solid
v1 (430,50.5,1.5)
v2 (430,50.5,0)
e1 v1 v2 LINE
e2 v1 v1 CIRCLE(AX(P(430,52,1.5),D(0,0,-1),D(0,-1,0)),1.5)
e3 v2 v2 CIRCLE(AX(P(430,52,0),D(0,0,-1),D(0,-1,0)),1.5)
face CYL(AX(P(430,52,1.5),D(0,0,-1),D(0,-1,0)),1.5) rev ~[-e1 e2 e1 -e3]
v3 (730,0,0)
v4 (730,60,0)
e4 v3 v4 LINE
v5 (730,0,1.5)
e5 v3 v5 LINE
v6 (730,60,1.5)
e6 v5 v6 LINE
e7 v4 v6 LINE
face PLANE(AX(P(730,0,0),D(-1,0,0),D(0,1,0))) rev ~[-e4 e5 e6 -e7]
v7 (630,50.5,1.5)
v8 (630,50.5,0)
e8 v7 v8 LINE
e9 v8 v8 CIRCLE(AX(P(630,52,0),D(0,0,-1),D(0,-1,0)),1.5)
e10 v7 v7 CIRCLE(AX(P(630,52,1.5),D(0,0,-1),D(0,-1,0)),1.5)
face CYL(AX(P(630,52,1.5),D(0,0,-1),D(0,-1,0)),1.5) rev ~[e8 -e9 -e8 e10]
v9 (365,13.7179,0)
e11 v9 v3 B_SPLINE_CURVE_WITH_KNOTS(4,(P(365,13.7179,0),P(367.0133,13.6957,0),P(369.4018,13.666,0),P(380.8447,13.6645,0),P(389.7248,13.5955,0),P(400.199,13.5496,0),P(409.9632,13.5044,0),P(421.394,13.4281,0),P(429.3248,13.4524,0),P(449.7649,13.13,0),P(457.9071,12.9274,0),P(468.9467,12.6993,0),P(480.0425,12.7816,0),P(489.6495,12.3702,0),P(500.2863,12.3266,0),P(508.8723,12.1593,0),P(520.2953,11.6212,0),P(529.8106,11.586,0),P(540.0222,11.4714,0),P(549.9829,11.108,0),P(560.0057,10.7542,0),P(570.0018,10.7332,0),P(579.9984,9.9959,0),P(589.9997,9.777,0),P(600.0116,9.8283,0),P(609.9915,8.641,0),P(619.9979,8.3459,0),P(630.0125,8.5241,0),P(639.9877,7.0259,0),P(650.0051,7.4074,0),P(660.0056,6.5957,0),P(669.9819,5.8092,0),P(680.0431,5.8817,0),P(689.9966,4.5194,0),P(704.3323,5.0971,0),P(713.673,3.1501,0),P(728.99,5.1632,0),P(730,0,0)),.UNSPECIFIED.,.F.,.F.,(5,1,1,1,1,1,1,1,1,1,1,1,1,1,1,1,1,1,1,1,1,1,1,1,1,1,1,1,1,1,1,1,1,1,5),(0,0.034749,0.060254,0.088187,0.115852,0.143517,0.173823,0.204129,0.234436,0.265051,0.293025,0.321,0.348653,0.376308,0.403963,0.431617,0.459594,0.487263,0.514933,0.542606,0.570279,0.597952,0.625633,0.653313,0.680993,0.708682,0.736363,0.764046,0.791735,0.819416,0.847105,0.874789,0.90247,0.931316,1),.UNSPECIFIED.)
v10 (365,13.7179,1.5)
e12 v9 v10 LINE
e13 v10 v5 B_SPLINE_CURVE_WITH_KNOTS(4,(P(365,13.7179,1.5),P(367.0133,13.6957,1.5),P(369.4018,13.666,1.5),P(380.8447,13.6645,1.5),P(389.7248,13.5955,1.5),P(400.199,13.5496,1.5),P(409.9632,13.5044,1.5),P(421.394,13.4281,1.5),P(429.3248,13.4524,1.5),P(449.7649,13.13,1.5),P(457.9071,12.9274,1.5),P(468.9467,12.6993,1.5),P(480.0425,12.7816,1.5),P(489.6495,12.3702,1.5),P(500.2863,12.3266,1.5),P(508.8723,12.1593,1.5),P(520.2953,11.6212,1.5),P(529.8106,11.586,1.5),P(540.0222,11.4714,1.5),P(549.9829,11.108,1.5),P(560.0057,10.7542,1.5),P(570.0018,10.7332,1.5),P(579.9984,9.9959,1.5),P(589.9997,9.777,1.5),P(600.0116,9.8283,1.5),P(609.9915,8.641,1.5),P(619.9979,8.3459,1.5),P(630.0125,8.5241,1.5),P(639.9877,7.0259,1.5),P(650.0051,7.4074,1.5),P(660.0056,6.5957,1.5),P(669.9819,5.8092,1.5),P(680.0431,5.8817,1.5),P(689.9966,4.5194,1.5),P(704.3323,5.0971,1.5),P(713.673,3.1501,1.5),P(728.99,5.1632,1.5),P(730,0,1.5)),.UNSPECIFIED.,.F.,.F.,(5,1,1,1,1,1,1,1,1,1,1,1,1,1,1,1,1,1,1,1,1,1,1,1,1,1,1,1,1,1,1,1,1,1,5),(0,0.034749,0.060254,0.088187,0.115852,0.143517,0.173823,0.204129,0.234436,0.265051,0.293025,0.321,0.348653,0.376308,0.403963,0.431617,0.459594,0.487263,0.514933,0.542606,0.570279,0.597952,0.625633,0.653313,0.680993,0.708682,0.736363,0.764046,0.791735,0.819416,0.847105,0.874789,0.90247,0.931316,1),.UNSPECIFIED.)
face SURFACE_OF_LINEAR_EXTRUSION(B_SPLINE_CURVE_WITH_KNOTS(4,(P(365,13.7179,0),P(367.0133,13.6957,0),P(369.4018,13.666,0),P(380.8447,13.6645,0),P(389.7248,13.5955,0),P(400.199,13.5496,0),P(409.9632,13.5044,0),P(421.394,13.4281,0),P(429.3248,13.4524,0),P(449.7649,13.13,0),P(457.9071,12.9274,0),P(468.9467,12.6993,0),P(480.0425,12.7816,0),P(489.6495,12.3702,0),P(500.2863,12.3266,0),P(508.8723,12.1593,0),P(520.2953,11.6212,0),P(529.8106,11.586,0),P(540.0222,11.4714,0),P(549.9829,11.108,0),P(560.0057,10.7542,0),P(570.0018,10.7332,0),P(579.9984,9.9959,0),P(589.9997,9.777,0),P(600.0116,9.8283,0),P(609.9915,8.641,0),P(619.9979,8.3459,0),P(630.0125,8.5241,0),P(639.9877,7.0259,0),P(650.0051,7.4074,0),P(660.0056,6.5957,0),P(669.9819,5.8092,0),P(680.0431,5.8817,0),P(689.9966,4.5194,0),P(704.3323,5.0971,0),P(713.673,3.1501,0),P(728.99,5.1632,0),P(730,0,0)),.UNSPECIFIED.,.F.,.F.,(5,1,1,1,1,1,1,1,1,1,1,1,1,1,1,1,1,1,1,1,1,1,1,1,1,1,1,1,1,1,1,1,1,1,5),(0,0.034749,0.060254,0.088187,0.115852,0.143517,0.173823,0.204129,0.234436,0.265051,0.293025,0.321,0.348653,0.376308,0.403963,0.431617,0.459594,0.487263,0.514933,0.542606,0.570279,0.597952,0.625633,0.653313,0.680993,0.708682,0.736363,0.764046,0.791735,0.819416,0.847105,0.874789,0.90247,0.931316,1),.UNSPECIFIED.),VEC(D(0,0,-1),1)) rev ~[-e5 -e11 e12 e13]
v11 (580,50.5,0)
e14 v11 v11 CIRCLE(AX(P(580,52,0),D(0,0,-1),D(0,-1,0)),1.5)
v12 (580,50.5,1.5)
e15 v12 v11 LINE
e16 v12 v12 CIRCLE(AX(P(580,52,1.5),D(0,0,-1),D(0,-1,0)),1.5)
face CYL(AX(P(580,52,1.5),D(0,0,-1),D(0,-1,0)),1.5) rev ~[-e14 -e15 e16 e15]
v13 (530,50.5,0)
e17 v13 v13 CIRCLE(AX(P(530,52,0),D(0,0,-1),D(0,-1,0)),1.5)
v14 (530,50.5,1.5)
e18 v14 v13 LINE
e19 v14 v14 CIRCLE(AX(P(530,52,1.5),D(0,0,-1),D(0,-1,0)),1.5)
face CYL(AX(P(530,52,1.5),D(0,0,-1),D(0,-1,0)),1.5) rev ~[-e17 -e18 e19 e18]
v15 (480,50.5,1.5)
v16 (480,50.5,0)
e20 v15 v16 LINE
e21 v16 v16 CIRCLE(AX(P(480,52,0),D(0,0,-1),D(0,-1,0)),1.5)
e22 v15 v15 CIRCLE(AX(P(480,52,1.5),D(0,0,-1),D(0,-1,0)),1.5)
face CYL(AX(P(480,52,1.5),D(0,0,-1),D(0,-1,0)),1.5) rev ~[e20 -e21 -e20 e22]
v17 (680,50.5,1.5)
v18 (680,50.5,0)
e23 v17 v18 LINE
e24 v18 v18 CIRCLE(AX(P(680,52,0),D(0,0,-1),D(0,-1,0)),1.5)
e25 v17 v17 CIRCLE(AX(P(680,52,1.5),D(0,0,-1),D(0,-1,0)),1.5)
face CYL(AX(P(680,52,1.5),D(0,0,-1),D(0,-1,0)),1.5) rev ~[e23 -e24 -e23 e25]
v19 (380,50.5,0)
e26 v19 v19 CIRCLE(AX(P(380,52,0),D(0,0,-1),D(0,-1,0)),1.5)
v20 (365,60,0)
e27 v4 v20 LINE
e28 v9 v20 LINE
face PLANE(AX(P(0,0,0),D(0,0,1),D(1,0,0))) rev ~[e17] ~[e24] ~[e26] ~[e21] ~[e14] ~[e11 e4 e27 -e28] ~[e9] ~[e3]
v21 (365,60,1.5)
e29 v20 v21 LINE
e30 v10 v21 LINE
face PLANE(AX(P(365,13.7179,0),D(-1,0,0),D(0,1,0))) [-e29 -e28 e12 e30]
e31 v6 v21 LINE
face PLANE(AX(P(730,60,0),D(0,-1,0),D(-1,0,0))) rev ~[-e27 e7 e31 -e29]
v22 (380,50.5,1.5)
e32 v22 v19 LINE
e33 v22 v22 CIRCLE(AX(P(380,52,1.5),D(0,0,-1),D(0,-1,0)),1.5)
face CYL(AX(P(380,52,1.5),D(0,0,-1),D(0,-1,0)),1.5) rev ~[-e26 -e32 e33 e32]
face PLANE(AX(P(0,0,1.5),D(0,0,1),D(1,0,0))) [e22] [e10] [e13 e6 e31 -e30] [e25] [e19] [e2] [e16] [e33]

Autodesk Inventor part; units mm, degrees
ref_plane "YZ Plane" through (0, 0, 0) normal (1, 0, 0) x (0, 1, 0)
ref_plane "XZ Plane" through (0, 0, 0) normal (0, 1, 0) x (-1, 0, 0)
ref_plane "XY Plane" through (0, 0, 0) normal (0, 0, 1) x (1, 0, 0)
sketch "Sketch1" plane through (0, 0, 0) normal (0, 0, 1) x (1, 0, 0)
  line L0 (5.4169, -0.155) -> (5.4169, 3.485) construction
  line L1 (20, 0) -> (20, 4.5) construction
  line L2 (30, 0) -> (30, 4.85) construction
  line L3 (40, 0) -> (40, 5.35) construction
  line L4 (50, 0) -> (50, 5.89) construction
  line L5 (60, 0) -> (60, 6.34) construction
  line L6 (70, 0) -> (70, 6.97) construction
  line L7 (80, 0) -> (80, 7.27) construction
  line L8 (89.0098, -0.188) -> (89.0098, 7.492) construction
  line L9 (100, 0) -> (100, 8.03) construction
  line L10 (110, 0) -> (110, 8.48) construction
  line L11 (120, 0) -> (120, 9) construction
  line L12 (130, 0) -> (130, 9.28) construction
  line L13 (140, 0) -> (140, 9.6) construction
  line L14 (150, 0) -> (150, 10.14) construction
  line L15 (160, 0) -> (160, 10.3) construction
  line L16 (170, 0) -> (170, 10.9) construction
  line L17 (180, 0) -> (180, 11.14) construction
  line L18 (190, 0) -> (190, 11.48) construction
  line L19 (200, 0) -> (200, 11.72) construction
  line L20 (210, 0) -> (210, 11.91) construction
  line L21 (220, 0) -> (220, 12.02) construction
  line L22 (230, 0) -> (230, 12.41) construction
  line L23 (240, 0) -> (240, 12.58) construction
  line L24 (250, 0) -> (250, 12.8) construction
  line L25 (260, 0) -> (260, 13.2) construction
  line L26 (270, 0) -> (270, 13.17) construction
  line L27 (280, 0) -> (280, 13.34) construction
  line L28 (290, 0) -> (290, 13.48) construction
  line L29 (300, 0) -> (300, 13.62) construction
  line L30 (310, 0) -> (310, 13.72) construction
  line L31 (320, 0) -> (320, 13.78) construction
  line L32 (329.0907, 0.4814) -> (329.0907, 14.3214) construction
  line L33 (340, 0) -> (340, 13.94) construction
  line L34 (350, 0) -> (350, 13.84) construction
  line L35 (360, 0) -> (360, 13.78) construction
  line L36 (369.2114, -0.0184) -> (369.2114, 13.6816) construction
  line L37 (380, 0) -> (380, 13.65) construction
  line L38 (390, 0) -> (390, 13.6) construction
  line L39 (400, 0) -> (401, 0) construction
  line L40 (400, 0) -> (400, 13.55) construction
  line L41 (410, 0) -> (410, 13.5) construction
  line L42 (420, 0) -> (420, 13.45) construction
  line L43 (430, 0) -> (430, 13.4) construction
  line L44 (440, 0) -> (440, 13.3) construction
  line L45 (449.0907, 0) -> (449.0907, 13.12) construction
  line L46 (459.0907, 0) -> (459.0907, 12.91) construction
  line L47 (469.0907, 0) -> (469.0907, 12.76) construction
  line L48 (480, 0) -> (480, 12.68) construction
  line L49 (490, 0) -> (490, 12.44) construction
  line L50 (500, 0) -> (500, 12.3) construction
  line L51 (509.0907, -0.2033) -> (509.0907, 12.0967) construction
  line L52 (520, 0) -> (520, 11.72) construction
  line L53 (530, 0) -> (530, 11.57) construction
  line L54 (540, 0) -> (540, 11.42) construction
  line L55 (550, 0) -> (550, 11.11) construction
  line L56 (560, 0) -> (560, 10.82) construction
  line L57 (570, 0) -> (570, 10.59) construction
  line L58 (580, 0) -> (580, 10.1) construction
  line L59 (590, 0) -> (590, 9.83) construction
  line L60 (600, 0) -> (600, 9.58) construction
  line L61 (610, 0) -> (610, 8.82) construction
  line L62 (620, 0) -> (620, 8.44) construction
  line L63 (630, 0) -> (630, 8.19) construction
  line L64 (640, 0) -> (640, 7.4) construction
  line L65 (650, 0) -> (650, 7.17) construction
  line L66 (660, 0) -> (660, 6.6) construction
  line L67 (670, 0) -> (670, 5.98) construction
  line L68 (680, 0) -> (680, 5.6) construction
  line L69 (690, 0) -> (690, 4.88) construction
  line L70 (700, 0) -> (700, 4.66) construction
  line L71 (710, 0) -> (710, 4.2) construction
  line L72 (723.6522, 0) -> (723.6522, 3.65) construction
  spline S0 degree 4 poles (365, 13.7179) (367.0133, 13.6957) (369.4018, 13.666) (380.8447, 13.6645) (389.7248, 13.5955) (400.199, 13.5496) (409.9632, 13.5044) (421.394, 13.4281) (429.3248, 13.4524) (449.7649, 13.13) (457.9071, 12.9274) (468.9467, 12.6993) (480.0425, 12.7816) (489.6495, 12.3702) (500.2863, 12.3266) (508.8723, 12.1593) (520.2953, 11.6212) (529.8106, 11.586) (540.0222, 11.4714) (549.9829, 11.108) (560.0057, 10.7542) (570.0018, 10.7332) (579.9984, 9.9959) (589.9997, 9.777) (600.0116, 9.8283) (609.9915, 8.641) (619.9979, 8.3459) (630.0125, 8.5241) (639.9877, 7.0259) (650.0051, 7.4074) (660.0056, 6.5957) (669.9819, 5.8092) (680.0431, 5.8817) (689.9966, 4.5194) (704.3323, 5.0971) (713.673, 3.1501) (728.99, 5.1632) (730, 0) knots 0 0 0 0 0 0.034749 0.060254 0.088187 0.115852 0.143517 0.173823 0.204129 0.234436 0.265051 0.293025 0.321 0.348653 0.376308 0.403963 0.431617 0.459594 0.487263 0.514933 0.542606 0.570279 0.597952 0.625633 0.653313 0.680993 0.708682 0.736363 0.764046 0.791735 0.819416 0.847105 0.874789 0.90247 0.931316 1 1 1 1 1
  line L73 (730, 0) -> (730, -8)
  line L74 (0, -8) -> (0, 0)
  line L75 (730, 0) -> (730, 60)
  line L76 (730, 60) -> (365, 60)
  line L77 (0, 60) -> (0, 0)
  line L78 (365, 60) -> (0, 60)
  spline S1 degree 4 poles (0, 0) (0.0145, 4.4252) (16.695, 4.2728) (25.5931, 4.6367) (39.9968, 5.308) (49.9359, 5.9756) (60.0423, 6.2013) (69.7712, 7.1165) (80.3142, 7.2834) (88.7823, 7.3775) (100.3206, 8.1188) (109.7967, 8.3884) (120.0179, 9.1072) (129.981, 9.2863) (140.0119, 9.4298) (149.9908, 10.4309) (160.0093, 9.9672) (169.9914, 11.1789) (180.002, 10.9851) (189.9972, 11.578) (200.0002, 11.675) (209.999, 12.0061) (220.0034, 11.8503) (229.9974, 12.5452) (240.0006, 12.5625) (250.002, 12.666) (259.9971, 13.4437) (269.9982, 13.0019) (280.006, 13.4078) (289.9814, 13.4682) (300.0227, 13.5886) (309.8002, 13.8699) (320.3011, 13.3871) (328.8581, 14.8646) (340.3087, 13.6526) (349.639, 13.9171) (357.7089, 13.814) (362.4651, 13.7461) (364.9166, 13.7188) (365, 13.7179) knots 0 0 0 0 0 0.033938 0.048462 0.062268 0.076075 0.089881 0.10351 0.117306 0.131101 0.144897 0.158868 0.172672 0.186476 0.200278 0.214082 0.227886 0.241689 0.255492 0.269292 0.283091 0.296891 0.310691 0.324491 0.338292 0.352092 0.365891 0.379691 0.393489 0.407288 0.421086 0.434726 0.448521 0.462315 0.47611 0.489924 0.503716 0.504202 0.504202 0.504202 0.504202 0.504202
  line L79 (291.4223, 14.5287) -> (438.5777, 12.907) construction
  arc A0 (423.8423, 12.451) -> (306.144, 13.7481) centre (334.1329, -2787.1934) ccw construction
  line L80 (291.4223, 14.5287) -> (438.5777, 12.907) construction
  arc A1 (306.255, 16.0656) -> (423.7824, 14.7704) centre (376.201, 1030.1036) ccw construction
  line L81 (365, 13.7179) -> (365, 0)
  line L82 (0, 0) -> (798.0948, 0)
  line L83 (365, 13.7179) -> (365, 73.7179)
  dimension "d0" = 730
  dimension "d1" = 3.64
  dimension "d2" = 4.5
  dimension "d3" = 4.85
  dimension "d4" = 5.35
  dimension "d5" = 5.89
  dimension "d6" = 6.34
  dimension "d7" = 6.97
  dimension "d8" = 7.27
  dimension "d9" = 7.68
  dimension "d10" = 8.03
  dimension "d11" = 8.48
  dimension "d12" = 9
  dimension "d13" = 9.28
  dimension "d14" = 9.6
  dimension "d15" = 10.14
  dimension "d16" = 10.3
  dimension "d17" = 10.9
  dimension "d18" = 11.14
  dimension "d19" = 11.48
  dimension "d20" = 11.72
  dimension "d21" = 11.91
  dimension "d22" = 12.02
  dimension "d23" = 12.41
  dimension "d24" = 12.58
  dimension "d25" = 12.8
  dimension "d26" = 13.2
  dimension "d27" = 13.17
  dimension "d28" = 13.34
  dimension "d29" = 13.48
  dimension "d30" = 13.62
  dimension "d31" = 13.72
  dimension "d32" = 13.78
  dimension "d34" = 13.84
  dimension "d35" = 13.94
  dimension "d36" = 13.84
  dimension "d37" = 13.78
  dimension "d38" = 13.7
  dimension "d39" = 13.65
  dimension "d40" = 13.6
  dimension "d41" = 13.55
  dimension "d42" = 13.5
  dimension "d43" = 13.45
  dimension "d44" = 13.4
  dimension "d45" = 13.3
  dimension "d47" = 13.12
  dimension "d48" = 12.91
  dimension "d49" = 12.76
  dimension "d50" = 12.68
  dimension "d51" = 12.44
  dimension "d52" = 12.3
  dimension "d53" = 12.3
  dimension "d54" = 11.72
  dimension "d55" = 11.57
  dimension "d56" = 11.42
  dimension "d57" = 11.11
  dimension "d58" = 10.82
  dimension "d59" = 10.59
  dimension "d60" = 10.1
  dimension "d61" = 9.83
  dimension "d62" = 9.58
  dimension "d63" = 8.82
  dimension "d64" = 8.44
  dimension "d65" = 8.19
extrude "Extrusion3" add sketch "Sketch1" along normal blind 1.5 contours L83 L76 L75 S0
hole "Hole1" at (680, 52, 1.5) direction (0, 0, -1) diameter 3 end through all
hole "Hole2" at (630, 52, 1.5) direction (0, 0, -1) diameter 3 end through all
hole "Hole3" at (580, 52, 1.5) direction (0, 0, -1) diameter 3 end through all
hole "Hole4" at (530, 52, 1.5) direction (0, 0, -1) diameter 3 end through all
hole "Hole5" at (480, 52, 1.5) direction (0, 0, -1) diameter 3 end through all
hole "Hole6" at (430, 52, 1.5) direction (0, 0, -1) diameter 3 end through all
hole "Hole7" at (380, 52, 1.5) direction (0, 0, -1) diameter 3 end through all
properties part number "profil masca 1"
